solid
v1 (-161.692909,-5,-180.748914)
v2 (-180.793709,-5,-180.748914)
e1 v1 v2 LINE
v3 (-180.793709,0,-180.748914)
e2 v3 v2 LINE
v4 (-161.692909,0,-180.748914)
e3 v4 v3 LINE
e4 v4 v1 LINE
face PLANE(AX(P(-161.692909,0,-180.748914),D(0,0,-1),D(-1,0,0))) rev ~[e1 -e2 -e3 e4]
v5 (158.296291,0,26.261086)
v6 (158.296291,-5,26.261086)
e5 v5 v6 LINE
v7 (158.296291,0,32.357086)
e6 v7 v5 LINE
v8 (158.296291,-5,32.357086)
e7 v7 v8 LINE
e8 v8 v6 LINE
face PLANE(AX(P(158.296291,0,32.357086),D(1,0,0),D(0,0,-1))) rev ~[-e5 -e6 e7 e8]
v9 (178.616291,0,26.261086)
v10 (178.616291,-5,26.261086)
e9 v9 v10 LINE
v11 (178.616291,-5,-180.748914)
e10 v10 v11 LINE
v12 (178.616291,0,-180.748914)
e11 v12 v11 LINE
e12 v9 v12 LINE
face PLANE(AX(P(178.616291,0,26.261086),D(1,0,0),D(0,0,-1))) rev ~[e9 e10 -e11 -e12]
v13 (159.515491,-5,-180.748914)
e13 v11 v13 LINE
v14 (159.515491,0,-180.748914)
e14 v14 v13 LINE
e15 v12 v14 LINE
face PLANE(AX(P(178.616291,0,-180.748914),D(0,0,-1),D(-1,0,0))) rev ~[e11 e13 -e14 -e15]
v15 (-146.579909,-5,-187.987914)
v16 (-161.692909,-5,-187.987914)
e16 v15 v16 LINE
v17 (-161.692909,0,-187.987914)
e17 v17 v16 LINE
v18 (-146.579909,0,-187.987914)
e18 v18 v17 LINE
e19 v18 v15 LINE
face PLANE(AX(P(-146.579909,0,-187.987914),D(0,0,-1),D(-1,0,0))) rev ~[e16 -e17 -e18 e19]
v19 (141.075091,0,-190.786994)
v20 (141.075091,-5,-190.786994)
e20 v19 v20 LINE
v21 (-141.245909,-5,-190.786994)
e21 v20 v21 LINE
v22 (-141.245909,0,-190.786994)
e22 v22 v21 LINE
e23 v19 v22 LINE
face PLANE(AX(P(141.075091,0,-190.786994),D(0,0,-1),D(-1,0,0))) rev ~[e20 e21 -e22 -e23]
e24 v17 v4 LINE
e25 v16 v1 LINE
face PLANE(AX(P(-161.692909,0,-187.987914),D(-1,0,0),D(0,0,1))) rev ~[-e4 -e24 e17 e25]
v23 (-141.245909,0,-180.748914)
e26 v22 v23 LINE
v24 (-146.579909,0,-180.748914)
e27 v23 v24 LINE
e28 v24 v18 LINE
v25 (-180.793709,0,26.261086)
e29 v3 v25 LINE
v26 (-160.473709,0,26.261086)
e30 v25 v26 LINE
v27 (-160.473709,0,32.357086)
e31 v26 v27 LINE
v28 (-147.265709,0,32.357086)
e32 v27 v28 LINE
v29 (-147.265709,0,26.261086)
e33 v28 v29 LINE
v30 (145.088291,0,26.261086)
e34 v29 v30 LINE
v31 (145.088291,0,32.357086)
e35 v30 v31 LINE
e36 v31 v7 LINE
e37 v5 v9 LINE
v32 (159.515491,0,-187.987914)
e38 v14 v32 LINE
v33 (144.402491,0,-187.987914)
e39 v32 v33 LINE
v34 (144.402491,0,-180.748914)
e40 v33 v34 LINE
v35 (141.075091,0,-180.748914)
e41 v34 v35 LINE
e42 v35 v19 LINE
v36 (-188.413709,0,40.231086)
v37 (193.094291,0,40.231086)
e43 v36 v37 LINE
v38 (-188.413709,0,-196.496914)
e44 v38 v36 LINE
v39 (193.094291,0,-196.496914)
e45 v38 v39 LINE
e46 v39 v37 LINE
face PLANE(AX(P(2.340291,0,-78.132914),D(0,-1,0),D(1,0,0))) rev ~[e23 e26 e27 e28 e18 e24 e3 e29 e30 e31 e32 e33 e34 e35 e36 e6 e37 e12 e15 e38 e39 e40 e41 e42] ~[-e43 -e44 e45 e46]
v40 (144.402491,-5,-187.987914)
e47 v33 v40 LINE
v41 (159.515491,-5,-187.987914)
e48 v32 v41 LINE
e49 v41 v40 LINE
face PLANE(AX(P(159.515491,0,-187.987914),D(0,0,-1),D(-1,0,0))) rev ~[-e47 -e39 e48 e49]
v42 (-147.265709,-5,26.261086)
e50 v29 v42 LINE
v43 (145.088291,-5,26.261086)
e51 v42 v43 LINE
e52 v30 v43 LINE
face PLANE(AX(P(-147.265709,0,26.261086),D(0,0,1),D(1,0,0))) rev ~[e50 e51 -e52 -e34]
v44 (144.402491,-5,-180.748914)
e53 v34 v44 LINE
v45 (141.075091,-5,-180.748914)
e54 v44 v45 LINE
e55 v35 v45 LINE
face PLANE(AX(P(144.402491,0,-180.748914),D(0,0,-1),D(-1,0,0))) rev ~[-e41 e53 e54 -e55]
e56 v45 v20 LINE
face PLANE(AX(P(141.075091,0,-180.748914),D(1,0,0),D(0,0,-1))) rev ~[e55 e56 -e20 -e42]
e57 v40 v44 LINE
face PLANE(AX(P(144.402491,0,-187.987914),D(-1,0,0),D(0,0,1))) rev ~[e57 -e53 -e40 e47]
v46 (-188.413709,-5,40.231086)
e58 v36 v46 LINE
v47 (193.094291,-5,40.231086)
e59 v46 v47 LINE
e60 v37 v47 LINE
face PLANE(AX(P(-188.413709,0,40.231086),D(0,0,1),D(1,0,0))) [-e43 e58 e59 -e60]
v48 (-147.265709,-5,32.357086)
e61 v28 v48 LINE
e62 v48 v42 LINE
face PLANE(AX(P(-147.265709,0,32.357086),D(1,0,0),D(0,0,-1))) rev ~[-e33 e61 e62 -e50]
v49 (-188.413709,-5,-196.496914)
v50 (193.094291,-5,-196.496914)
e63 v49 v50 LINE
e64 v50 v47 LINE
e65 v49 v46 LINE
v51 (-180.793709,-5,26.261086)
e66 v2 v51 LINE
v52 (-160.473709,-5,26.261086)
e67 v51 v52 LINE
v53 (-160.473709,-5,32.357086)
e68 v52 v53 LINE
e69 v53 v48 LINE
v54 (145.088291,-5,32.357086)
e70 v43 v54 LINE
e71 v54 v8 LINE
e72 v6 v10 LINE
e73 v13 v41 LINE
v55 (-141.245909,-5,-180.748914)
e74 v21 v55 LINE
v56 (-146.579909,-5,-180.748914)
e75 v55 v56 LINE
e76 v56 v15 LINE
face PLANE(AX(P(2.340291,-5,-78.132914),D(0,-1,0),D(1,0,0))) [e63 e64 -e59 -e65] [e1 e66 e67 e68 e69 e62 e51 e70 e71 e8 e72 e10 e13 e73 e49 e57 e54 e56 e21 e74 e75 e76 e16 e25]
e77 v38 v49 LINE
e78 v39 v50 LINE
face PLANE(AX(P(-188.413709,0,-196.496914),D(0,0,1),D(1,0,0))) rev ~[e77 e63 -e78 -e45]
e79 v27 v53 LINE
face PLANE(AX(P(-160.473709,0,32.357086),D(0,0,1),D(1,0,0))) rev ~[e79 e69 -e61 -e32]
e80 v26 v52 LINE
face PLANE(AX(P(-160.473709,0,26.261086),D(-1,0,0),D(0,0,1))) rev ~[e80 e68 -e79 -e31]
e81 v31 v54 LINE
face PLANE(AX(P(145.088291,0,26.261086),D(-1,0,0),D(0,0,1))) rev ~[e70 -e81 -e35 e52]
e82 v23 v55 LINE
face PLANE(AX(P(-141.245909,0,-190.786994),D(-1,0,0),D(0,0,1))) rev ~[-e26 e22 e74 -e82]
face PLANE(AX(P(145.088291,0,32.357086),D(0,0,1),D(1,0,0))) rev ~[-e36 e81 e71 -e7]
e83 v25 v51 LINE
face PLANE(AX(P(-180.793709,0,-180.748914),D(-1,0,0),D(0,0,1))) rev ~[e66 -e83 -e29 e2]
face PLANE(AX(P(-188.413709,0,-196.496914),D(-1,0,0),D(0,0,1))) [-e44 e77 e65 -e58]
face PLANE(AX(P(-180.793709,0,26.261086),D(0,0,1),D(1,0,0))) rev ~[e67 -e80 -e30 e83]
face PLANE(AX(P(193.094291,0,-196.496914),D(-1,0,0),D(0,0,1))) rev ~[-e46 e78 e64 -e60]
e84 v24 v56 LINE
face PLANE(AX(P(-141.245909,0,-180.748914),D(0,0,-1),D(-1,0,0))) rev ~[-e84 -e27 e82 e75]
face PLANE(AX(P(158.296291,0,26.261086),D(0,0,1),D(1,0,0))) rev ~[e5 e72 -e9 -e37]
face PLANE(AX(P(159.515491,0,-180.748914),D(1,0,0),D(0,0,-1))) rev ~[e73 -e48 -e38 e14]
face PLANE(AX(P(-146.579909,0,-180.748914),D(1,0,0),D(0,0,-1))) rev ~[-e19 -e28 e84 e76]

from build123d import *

# Parameters (mm, degrees)
F0_W     = 381.508
F0_H     = 236.728
F1_DEPTH = 5


with BuildPart() as f1:
    # F0 (on Front) → F1 (new body)
    with BuildSketch(Plane.XZ):
        with Locations((2.340291, -78.132914)):
            Rectangle(F0_W, F0_H)
        Polygon((-180.793709, -180.748914), (-180.793709, 26.261086), (-160.473709, 26.261086), (-160.473709, 32.357086), (-147.265709, 32.357086), (-147.265709, 26.261086), (145.088291, 26.261086), (145.088291, 32.357086), (158.296291, 32.357086), (158.296291, 26.261086), (178.616291, 26.261086), (178.616291, -180.748914), (159.515491, -180.748914), (159.515491, -187.987914), (144.402491, -187.987914), (144.402491, -180.748914), (141.075091, -180.748914), (141.075091, -190.786994), (-141.245909, -190.786994), (-141.245909, -180.748914), (-146.579909, -180.748914), (-146.579909, -187.987914), (-161.692909, -187.987914), (-161.692909, -180.748914), align=None, mode=Mode.SUBTRACT)
    extrude(amount=F1_DEPTH)


solid = f1.part
